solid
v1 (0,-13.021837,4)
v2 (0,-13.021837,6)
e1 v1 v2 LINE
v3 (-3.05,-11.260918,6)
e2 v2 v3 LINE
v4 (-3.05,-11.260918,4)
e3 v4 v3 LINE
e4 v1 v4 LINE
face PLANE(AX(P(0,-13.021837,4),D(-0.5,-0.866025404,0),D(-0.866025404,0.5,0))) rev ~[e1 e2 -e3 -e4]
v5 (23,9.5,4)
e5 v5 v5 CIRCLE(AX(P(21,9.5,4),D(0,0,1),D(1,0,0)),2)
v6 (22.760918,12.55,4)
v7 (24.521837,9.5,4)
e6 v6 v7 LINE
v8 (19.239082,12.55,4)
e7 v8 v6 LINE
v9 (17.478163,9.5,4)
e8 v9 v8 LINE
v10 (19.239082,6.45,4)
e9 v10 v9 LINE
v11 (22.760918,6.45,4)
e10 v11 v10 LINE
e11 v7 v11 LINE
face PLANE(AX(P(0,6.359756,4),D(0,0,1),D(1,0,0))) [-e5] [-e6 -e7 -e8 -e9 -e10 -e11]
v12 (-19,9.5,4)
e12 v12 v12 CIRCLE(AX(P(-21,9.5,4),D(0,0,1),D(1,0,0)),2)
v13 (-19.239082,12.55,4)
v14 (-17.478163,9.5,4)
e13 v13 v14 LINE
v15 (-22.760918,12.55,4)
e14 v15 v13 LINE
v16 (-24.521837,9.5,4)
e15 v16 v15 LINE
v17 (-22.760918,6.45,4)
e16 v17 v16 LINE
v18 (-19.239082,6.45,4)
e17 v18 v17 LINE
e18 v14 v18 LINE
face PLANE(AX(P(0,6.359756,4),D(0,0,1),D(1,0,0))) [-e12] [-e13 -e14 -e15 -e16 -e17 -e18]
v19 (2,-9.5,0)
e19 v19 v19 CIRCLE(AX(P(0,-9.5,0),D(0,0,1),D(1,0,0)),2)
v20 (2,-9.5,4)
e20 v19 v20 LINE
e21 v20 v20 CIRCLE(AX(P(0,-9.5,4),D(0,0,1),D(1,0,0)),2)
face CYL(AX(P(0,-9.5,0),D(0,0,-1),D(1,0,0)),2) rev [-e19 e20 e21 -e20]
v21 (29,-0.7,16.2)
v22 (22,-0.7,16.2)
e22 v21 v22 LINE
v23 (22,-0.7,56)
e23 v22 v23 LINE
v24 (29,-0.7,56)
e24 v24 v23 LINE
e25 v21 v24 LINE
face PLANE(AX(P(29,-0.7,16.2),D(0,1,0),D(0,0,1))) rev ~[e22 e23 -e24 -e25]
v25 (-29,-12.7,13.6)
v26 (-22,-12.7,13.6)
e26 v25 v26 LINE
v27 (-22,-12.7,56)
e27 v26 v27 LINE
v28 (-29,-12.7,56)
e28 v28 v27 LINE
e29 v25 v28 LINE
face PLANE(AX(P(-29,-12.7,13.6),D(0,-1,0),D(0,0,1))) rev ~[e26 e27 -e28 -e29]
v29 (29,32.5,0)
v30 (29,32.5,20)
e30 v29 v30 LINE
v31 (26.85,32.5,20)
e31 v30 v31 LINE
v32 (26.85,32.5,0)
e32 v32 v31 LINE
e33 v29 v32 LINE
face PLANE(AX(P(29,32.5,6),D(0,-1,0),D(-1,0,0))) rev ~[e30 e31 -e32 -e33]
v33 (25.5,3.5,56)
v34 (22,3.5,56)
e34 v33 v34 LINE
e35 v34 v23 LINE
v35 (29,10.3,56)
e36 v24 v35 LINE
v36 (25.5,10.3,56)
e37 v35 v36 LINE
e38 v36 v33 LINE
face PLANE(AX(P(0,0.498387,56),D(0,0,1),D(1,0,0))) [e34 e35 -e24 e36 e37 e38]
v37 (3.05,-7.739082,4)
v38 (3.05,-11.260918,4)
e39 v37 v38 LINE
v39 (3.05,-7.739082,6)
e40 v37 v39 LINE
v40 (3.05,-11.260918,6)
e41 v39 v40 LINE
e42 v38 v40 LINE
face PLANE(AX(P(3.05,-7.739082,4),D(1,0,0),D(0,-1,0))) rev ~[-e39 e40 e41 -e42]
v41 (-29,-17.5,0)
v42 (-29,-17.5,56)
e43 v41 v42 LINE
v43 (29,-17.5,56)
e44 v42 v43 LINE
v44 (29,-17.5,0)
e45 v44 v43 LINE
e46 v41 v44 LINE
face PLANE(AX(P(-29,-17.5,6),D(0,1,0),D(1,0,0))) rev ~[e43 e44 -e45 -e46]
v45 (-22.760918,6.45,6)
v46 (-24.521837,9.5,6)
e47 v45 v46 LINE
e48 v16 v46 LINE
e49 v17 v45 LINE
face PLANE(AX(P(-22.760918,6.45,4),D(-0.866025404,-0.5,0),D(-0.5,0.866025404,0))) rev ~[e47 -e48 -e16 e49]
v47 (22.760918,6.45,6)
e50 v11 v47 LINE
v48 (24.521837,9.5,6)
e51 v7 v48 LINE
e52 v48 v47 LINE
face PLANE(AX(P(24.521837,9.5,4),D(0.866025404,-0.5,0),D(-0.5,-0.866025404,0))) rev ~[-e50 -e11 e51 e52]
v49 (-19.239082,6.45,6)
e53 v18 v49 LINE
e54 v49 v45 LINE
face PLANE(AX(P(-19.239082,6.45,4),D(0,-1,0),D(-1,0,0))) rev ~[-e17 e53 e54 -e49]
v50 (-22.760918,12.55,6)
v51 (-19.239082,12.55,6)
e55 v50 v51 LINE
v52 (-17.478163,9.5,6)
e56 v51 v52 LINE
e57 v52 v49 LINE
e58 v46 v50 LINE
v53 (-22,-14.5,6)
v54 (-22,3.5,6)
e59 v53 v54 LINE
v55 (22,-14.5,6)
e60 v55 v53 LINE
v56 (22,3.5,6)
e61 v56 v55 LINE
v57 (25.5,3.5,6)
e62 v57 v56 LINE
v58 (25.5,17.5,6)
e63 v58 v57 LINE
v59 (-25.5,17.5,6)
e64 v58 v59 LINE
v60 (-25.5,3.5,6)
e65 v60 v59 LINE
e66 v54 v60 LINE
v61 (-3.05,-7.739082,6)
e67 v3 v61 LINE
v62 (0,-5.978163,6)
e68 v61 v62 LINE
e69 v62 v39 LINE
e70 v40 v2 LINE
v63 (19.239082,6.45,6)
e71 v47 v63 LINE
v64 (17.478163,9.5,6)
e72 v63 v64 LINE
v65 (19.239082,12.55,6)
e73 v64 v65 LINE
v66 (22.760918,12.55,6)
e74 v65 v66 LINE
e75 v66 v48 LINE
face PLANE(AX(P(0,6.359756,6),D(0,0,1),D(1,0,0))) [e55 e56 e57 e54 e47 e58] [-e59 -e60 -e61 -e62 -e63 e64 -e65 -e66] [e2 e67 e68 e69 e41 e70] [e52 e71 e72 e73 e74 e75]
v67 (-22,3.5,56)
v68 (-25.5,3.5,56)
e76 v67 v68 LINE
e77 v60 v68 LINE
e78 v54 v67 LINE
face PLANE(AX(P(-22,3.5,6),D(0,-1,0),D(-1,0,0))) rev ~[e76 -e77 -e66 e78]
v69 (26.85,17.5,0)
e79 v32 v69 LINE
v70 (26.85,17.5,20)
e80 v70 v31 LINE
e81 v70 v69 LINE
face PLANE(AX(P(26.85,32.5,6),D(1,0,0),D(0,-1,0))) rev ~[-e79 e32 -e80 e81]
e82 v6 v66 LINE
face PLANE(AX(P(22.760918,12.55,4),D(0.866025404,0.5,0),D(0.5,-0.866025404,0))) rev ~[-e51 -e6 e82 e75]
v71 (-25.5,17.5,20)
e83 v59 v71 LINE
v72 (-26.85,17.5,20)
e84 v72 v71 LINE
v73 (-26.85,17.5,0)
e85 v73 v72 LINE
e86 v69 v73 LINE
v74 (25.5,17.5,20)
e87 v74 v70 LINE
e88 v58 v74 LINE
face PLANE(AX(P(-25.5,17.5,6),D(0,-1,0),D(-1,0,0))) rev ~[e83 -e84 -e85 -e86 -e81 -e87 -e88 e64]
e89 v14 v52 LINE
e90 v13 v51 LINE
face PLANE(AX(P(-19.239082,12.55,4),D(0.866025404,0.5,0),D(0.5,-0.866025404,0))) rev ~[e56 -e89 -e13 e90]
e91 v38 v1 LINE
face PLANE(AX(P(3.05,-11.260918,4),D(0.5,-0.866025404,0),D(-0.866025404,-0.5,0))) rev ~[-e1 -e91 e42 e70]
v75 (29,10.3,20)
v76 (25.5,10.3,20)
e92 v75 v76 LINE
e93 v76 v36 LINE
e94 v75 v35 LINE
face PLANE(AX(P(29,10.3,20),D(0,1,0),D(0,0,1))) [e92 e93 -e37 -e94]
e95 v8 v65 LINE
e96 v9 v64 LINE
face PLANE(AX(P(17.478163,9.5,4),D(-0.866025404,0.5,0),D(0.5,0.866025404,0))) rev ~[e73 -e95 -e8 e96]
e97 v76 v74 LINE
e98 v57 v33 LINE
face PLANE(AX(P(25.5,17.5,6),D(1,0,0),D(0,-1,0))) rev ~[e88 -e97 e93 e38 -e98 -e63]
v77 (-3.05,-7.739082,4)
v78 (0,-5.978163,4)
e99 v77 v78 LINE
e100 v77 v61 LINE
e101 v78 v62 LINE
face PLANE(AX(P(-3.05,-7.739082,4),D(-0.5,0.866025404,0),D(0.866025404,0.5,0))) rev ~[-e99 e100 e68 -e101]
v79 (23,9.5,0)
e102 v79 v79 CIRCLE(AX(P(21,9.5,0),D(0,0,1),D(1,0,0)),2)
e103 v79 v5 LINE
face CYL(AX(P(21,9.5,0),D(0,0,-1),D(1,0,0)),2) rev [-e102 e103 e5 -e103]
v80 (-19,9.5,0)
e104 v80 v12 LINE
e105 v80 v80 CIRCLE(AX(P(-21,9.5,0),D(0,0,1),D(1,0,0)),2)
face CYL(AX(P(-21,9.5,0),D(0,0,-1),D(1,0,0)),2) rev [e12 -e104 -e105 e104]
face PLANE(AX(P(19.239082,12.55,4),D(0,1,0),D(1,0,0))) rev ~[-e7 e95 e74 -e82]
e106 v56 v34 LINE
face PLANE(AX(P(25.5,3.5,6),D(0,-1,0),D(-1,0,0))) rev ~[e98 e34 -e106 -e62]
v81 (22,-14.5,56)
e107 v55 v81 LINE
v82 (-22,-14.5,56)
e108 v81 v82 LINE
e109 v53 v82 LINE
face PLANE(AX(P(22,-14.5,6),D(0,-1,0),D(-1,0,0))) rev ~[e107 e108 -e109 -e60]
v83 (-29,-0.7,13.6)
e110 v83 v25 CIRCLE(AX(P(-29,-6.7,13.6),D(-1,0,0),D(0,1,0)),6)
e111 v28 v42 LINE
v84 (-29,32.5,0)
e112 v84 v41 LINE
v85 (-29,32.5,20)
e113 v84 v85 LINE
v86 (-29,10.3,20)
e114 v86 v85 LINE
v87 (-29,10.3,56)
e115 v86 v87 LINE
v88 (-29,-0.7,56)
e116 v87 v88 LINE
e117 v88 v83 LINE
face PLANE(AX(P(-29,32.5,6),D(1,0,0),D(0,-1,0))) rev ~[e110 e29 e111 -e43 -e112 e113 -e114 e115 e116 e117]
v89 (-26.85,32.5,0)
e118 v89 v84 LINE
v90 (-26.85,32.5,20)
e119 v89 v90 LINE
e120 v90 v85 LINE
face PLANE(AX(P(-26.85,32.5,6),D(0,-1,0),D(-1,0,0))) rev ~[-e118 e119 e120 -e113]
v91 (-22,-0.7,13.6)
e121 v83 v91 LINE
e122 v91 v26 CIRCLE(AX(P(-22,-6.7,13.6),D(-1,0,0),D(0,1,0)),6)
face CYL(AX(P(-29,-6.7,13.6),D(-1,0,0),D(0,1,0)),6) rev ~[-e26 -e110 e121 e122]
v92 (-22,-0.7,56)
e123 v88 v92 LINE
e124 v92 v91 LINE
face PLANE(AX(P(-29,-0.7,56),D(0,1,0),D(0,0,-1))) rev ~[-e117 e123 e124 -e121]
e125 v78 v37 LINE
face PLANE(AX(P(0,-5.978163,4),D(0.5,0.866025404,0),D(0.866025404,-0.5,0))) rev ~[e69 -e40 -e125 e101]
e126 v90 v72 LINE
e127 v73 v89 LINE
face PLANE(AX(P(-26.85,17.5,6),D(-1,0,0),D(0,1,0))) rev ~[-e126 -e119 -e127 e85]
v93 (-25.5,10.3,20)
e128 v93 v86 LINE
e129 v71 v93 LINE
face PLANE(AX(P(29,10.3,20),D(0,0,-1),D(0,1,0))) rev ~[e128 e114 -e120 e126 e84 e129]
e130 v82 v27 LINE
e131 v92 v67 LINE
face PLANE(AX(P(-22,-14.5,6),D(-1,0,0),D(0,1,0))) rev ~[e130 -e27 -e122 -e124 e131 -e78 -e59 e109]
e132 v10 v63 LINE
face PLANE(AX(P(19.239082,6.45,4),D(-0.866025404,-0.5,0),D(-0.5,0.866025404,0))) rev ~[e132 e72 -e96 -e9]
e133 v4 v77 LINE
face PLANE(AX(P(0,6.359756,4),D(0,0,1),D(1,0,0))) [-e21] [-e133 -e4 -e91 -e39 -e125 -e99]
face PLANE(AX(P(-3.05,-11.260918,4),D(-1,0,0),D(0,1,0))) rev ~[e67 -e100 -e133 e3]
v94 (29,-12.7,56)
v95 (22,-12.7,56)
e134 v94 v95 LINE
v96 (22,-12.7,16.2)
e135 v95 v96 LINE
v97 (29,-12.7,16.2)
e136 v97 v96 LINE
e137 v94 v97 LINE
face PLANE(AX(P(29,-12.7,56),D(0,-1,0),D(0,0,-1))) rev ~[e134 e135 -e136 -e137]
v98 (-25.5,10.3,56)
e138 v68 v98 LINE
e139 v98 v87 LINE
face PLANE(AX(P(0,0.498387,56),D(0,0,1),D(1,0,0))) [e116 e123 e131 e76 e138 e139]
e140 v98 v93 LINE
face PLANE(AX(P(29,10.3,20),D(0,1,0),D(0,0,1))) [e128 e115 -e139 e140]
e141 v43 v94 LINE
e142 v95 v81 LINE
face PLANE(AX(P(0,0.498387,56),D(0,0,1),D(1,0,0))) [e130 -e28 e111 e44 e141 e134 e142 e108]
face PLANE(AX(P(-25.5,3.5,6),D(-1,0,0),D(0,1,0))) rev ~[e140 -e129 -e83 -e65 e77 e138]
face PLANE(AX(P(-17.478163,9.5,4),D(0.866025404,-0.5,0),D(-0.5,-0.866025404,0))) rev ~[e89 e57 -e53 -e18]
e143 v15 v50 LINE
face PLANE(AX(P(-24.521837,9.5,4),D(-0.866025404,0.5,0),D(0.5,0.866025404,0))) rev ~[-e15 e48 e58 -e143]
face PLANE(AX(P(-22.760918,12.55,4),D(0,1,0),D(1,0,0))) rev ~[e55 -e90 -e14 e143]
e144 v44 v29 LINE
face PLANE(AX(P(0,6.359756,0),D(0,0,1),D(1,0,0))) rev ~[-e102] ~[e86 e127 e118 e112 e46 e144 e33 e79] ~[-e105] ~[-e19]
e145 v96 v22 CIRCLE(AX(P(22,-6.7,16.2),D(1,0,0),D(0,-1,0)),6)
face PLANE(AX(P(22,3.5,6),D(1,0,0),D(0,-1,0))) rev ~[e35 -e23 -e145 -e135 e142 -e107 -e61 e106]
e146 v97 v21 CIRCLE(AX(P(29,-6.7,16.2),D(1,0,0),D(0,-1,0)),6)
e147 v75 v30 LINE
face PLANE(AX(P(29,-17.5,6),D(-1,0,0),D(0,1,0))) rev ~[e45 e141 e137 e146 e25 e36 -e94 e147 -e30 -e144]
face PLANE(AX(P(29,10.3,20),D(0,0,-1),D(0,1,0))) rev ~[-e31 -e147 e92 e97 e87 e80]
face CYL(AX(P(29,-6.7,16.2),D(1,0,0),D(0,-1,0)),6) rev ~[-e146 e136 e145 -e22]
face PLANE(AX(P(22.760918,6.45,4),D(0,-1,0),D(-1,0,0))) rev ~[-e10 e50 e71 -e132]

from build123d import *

# Parameters (mm, degrees)
F0_R      = 2
F1_DEPTH  = 4
F3_DEPTH  = 2
F5_DEPTH  = 50
F7_DEPTH  = 8
F9_DEPTH  = 8
F10_W     = 22.2
F10_H     = 36
F11_DEPTH = 60


with BuildPart() as f1:
    # F0 (on Top) → F1 (new body)
    with BuildSketch(Plane.XY):
        Polygon((26.85, 17.5), (-26.85, 17.5), (-26.85, 32.5), (-29, 32.5), (-29, 17.5), (-29, -17.5), (29, -17.5), (29, 17.5), (29, 32.5), (26.85, 32.5), align=None)
        with Locations((0, -9.5)):
            Circle(F0_R, mode=Mode.SUBTRACT)
        with Locations((-21, 9.5)):
            Circle(F0_R, mode=Mode.SUBTRACT)
        with Locations((21, 9.5)):
            Circle(F0_R, mode=Mode.SUBTRACT)
    extrude(amount=F1_DEPTH)

    # F2 (on face) → F3 (join)
    with BuildSketch(Plane.XY.offset(4)):
        Polygon((26.85, 32.5), (26.85, 17.5), (-26.85, 17.5), (-26.85, 32.5), (-29, 32.5), (-29, -17.5), (29, -17.5), (29, 32.5), align=None)
        Polygon((3.05, -11.260918321), (0, -13.0218366421), (-3.05, -11.260918321), (-3.05, -7.739081679), (0, -5.9781633579), (3.05, -7.739081679), align=None, mode=Mode.SUBTRACT)
        Polygon((-17.4781633579, 9.5), (-19.239081679, 6.45), (-22.760918321, 6.45), (-24.5218366421, 9.5), (-22.760918321, 12.55), (-19.239081679, 12.55), align=None, mode=Mode.SUBTRACT)
        Polygon((22.760918321, 12.55), (24.5218366421, 9.5), (22.760918321, 6.45), (19.239081679, 6.45), (17.4781633579, 9.5), (19.239081679, 12.55), align=None, mode=Mode.SUBTRACT)
    extrude(amount=F3_DEPTH)

    # F4 (on face) → F5 (join)
    with BuildSketch(Plane.XY.offset(6)):
        Polygon((-25.5, 3.5), (-25.5, 17.5), (-26.85, 17.5), (-26.85, 32.5), (-29, 32.5), (-29, -17.5), (29, -17.5), (29, 32.5), (26.85, 32.5), (26.85, 17.5), (25.5, 17.5), (25.5, 3.5), (22, 3.5), (22, -14.5), (-22, -14.5), (-22, 3.5), align=None)
    extrude(amount=F5_DEPTH)

    # F6 (on face) → F7 (cut)
    with BuildSketch(Plane(origin=(-29, 0, 0), x_dir=(0, -1, 0), z_dir=(-1, 0, 0))):
        with BuildLine():
            Line((0.7, 56), (0.7, 13.6))
            ThreePointArc((0.7, 13.6), (6.7, 7.6), (12.7, 13.6))
            Line((12.7, 13.6), (12.7, 56))
            Line((12.7, 56), (0.7, 56))
        make_face()
    extrude(amount=-F7_DEPTH, mode=Mode.SUBTRACT)

    # F8 (on face) → F9 (cut)
    with BuildSketch(Plane.YZ.offset(29)):
        with BuildLine():
            Line((-12.7, 56), (-12.7, 16.2))
            ThreePointArc((-12.7, 16.2), (-6.7, 10.2), (-0.7, 16.2))
            Line((-0.7, 16.2), (-0.7, 56))
            Line((-0.7, 56), (-12.7, 56))
        make_face()
    extrude(amount=-F9_DEPTH, mode=Mode.SUBTRACT)

    # F10 (on face) → F11 (cut)
    with BuildSketch(Plane.YZ.offset(29)):
        with Locations((21.4, 38)):
            Rectangle(F10_W, F10_H)
    extrude(amount=-F11_DEPTH, mode=Mode.SUBTRACT)


solid = f1.part
